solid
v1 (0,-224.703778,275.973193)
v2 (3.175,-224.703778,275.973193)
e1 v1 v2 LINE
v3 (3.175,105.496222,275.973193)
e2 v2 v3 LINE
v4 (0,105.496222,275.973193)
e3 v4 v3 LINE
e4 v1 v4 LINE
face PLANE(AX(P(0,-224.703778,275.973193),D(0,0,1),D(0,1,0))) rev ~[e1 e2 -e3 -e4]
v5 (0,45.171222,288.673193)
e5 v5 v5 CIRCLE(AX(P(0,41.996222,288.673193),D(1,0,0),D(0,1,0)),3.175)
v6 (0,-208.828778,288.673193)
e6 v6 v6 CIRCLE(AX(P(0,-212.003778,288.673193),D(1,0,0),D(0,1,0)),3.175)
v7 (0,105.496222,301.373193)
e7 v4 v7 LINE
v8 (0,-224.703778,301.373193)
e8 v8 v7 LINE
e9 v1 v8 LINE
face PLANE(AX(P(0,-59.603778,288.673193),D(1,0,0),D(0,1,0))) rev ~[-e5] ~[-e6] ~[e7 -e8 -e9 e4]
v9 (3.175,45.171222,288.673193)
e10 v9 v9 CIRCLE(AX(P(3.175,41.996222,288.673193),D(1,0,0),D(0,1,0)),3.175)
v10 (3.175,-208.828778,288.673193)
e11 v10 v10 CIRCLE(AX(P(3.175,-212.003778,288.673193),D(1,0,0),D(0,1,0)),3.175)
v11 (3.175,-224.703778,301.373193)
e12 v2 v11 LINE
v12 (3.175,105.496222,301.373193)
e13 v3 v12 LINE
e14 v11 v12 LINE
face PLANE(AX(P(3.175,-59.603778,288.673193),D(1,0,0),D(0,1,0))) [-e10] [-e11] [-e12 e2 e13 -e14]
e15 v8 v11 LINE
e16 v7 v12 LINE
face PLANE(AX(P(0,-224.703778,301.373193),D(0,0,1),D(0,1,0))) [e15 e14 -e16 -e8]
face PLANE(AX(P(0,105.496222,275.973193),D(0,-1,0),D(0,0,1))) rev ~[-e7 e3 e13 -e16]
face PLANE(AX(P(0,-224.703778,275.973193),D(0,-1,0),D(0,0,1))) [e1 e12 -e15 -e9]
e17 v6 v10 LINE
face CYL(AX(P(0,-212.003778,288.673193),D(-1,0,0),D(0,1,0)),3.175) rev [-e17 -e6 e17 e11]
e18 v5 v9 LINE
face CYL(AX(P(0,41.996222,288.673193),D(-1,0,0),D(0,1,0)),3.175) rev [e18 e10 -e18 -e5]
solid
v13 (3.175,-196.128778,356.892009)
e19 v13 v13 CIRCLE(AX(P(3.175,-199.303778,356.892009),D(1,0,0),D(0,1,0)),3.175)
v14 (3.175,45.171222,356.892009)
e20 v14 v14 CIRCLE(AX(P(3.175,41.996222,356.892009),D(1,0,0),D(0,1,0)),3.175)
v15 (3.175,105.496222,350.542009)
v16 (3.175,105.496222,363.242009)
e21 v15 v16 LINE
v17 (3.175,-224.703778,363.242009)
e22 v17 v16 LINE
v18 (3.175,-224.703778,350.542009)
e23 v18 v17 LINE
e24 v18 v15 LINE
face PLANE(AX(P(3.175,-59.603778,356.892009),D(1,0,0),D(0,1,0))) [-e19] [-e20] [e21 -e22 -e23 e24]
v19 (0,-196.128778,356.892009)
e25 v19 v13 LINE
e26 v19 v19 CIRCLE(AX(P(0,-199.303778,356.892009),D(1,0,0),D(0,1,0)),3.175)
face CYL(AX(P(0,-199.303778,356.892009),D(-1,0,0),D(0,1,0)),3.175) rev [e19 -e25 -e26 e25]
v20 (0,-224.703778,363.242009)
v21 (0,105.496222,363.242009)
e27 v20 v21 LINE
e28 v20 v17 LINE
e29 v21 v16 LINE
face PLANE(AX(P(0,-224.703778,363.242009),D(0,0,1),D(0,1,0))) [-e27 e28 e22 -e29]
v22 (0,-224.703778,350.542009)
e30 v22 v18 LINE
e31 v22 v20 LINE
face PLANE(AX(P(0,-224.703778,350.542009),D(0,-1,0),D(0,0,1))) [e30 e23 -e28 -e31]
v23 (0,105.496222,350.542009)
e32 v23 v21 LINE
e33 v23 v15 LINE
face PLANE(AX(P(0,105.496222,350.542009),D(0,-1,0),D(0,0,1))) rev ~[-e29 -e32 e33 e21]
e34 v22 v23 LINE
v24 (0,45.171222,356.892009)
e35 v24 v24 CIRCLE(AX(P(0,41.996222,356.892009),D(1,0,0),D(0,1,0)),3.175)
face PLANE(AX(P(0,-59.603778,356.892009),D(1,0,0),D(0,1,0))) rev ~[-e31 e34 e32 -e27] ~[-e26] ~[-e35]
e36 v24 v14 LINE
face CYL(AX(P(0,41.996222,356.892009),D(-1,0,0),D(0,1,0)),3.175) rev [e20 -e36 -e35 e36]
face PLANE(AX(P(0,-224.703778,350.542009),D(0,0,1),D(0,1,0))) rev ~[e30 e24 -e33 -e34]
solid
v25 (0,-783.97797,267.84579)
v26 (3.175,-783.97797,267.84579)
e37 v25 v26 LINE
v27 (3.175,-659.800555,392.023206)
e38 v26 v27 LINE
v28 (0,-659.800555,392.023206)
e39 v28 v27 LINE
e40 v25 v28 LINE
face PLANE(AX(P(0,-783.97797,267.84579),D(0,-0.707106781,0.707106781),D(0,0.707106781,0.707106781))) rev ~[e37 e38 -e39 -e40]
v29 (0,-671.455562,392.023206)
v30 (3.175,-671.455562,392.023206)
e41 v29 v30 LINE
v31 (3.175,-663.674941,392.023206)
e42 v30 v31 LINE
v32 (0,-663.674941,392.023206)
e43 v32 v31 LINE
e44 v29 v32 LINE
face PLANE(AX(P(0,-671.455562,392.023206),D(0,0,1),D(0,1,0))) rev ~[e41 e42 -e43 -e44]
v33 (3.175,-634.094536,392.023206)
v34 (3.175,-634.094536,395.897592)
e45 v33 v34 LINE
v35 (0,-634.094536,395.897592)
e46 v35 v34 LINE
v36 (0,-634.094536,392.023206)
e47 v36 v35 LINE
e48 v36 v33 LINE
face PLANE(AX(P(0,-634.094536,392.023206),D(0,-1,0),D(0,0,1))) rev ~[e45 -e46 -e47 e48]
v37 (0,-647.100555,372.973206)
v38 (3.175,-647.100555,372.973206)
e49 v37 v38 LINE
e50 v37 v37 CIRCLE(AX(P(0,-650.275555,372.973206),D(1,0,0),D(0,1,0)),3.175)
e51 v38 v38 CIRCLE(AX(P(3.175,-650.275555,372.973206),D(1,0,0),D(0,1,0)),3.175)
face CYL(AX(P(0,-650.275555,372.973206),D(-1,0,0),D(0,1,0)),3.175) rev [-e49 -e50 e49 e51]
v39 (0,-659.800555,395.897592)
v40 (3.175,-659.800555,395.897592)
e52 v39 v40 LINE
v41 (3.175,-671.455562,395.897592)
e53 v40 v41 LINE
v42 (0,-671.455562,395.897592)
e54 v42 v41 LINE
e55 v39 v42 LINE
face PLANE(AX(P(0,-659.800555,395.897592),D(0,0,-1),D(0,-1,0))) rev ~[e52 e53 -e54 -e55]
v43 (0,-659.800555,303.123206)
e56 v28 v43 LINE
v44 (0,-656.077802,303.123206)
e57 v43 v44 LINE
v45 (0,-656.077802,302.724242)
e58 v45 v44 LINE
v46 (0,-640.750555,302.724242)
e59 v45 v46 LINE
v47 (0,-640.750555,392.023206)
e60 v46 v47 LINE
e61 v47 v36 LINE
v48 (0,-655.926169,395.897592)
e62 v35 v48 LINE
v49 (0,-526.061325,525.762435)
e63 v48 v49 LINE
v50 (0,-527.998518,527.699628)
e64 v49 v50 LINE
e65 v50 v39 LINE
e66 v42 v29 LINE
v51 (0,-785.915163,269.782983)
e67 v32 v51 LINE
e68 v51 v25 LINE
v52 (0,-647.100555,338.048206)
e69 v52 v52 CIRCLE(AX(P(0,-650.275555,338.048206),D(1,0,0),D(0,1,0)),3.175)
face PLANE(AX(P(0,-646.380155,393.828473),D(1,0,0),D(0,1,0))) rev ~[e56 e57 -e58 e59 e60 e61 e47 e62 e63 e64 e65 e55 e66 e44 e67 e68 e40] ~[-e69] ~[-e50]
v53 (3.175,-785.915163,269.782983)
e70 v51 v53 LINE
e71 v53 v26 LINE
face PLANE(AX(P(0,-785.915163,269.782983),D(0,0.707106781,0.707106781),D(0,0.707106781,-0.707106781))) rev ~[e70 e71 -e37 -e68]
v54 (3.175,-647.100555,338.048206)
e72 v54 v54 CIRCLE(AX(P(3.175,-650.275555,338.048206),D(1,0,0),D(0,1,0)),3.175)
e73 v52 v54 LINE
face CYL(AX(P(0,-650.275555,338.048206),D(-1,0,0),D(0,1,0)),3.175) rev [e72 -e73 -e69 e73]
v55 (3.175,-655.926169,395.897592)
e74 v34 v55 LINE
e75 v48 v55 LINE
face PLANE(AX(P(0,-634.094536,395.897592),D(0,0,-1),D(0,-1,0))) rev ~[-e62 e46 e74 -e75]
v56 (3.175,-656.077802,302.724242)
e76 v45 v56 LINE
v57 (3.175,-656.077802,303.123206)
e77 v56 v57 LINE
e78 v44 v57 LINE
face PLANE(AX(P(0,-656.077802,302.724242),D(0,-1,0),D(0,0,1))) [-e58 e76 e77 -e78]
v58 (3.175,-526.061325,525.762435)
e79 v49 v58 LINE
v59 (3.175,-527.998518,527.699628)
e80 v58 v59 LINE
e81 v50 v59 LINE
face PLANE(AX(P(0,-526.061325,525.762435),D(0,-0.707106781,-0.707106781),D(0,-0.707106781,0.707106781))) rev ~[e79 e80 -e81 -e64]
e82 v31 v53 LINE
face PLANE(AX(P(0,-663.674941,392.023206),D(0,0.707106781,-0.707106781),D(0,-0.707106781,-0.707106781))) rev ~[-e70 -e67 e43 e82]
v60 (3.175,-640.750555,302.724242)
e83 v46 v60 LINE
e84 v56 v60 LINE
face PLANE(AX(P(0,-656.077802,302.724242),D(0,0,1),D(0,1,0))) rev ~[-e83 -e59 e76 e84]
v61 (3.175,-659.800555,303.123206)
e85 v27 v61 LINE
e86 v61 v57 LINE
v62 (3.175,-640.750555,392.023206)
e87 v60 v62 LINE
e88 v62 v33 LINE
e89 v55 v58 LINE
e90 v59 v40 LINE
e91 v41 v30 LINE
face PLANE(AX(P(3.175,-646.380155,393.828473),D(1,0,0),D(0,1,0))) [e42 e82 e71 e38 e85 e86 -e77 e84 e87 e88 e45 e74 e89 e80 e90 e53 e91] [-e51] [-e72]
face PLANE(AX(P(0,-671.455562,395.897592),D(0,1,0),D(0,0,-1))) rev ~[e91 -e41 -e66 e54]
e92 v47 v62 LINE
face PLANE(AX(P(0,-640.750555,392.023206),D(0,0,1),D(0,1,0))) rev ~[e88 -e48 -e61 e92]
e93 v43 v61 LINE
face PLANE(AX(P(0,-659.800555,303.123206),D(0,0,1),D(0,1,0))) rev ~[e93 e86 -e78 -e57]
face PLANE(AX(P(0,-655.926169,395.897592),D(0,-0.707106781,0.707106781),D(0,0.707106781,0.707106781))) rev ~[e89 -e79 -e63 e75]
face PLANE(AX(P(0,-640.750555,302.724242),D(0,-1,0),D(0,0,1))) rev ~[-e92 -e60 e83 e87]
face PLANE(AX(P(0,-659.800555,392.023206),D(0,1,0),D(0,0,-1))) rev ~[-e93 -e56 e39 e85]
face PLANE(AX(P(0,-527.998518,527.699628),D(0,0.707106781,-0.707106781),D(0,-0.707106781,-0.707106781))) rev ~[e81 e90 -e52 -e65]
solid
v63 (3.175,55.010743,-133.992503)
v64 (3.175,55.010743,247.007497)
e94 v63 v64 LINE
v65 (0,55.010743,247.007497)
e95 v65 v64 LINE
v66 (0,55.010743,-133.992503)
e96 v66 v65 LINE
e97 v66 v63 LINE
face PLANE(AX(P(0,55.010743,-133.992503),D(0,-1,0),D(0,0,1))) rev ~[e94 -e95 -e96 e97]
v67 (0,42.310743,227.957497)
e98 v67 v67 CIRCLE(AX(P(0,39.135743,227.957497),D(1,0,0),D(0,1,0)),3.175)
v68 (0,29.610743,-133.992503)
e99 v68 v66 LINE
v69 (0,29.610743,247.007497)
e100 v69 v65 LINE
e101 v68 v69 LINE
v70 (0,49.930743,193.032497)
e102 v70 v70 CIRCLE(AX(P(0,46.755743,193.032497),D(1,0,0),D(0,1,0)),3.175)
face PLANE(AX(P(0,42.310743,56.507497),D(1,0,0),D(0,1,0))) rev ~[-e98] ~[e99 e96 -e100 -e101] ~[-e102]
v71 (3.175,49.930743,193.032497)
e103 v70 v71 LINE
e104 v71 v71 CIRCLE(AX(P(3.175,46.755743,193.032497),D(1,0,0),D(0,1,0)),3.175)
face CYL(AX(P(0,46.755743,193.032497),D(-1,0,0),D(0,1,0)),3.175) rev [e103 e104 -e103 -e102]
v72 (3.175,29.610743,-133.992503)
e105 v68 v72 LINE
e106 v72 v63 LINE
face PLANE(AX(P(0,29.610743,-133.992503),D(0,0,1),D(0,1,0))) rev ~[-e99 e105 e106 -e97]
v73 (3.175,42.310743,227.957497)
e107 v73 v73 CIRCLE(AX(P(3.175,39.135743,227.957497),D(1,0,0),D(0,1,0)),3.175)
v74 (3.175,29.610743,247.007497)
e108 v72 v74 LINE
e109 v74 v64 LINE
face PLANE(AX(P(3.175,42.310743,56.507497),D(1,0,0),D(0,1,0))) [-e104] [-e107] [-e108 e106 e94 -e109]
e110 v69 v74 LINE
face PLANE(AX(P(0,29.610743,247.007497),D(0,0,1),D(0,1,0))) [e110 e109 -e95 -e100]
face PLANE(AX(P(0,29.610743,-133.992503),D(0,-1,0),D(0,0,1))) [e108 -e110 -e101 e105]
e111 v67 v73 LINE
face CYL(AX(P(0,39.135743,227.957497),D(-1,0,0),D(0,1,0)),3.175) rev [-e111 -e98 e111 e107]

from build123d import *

# Parameters (mm, degrees)
F0_W     = 25.4
F0_H     = 381
F0_R     = 3.175
F1_DEPTH = 3.175
F2_W     = 330.2
F2_H     = 25.4
F2_R     = 3.175
F3_DEPTH = 3.175
F2_H_2   = 12.7
F2_W_2   = 15.3272473817
F2_H_3   = 0.3989635468


with BuildPart() as f1:
    # F0 (on Right) → F1 (new body)
    with BuildSketch(Plane.YZ):
        with Locations((42.3107426614, 56.5074968708)):
            Rectangle(F0_W, F0_H)
        with Locations((39.1357426614, 227.9574968708)):
            Circle(F0_R, mode=Mode.SUBTRACT)
        with Locations((46.7557426614, 193.0324968708)):
            Circle(F0_R, mode=Mode.SUBTRACT)
    extrude(amount=F1_DEPTH)


with BuildPart() as f3:
    # F2 (on Right) → F3 (new body)
    with BuildSketch(Plane.YZ):
        with Locations((-59.6037783384, 288.6731931647)):
            Rectangle(F2_W, F2_H)
        with Locations((-212.0037783384, 288.6731931647)):
            Circle(F2_R, mode=Mode.SUBTRACT)
        with Locations((41.9962216616, 288.6731931647)):
            Circle(F2_R, mode=Mode.SUBTRACT)
    extrude(amount=F3_DEPTH)


with BuildPart() as f3b:
    # F2 (on Right) → F3, piece 2 (new body)
    with BuildSketch(Plane.YZ):
        with Locations((-59.6037783384, 356.8920088768)):
            Rectangle(F2_W, F2_H_2)
        with Locations((-199.3037783384, 356.8920088768)):
            Circle(F2_R, mode=Mode.SUBTRACT)
        with Locations((41.9962216616, 356.8920088768)):
            Circle(F2_R, mode=Mode.SUBTRACT)
    extrude(amount=F3_DEPTH)


with BuildPart() as f3c:
    # F2 (on Right) → F3, piece 3 (new body)
    with BuildSketch(Plane.YZ):
        Polygon((-655.9261690166, 395.89759154), (-659.8005547995, 392.0232057571), (-640.7505547995, 392.0232057571), (-634.0945363045, 392.0232057571), (-634.0945363045, 395.89759154), align=None)
        Polygon((-640.7505547995, 392.0232057571), (-659.8005547995, 392.0232057571), (-659.8005547995, 303.1232057571), (-656.0778021812, 303.1232057571), (-640.7505547995, 303.1232057571), align=None)
        with Locations((-650.2755547995, 338.0482057571)):
            Circle(F2_R, mode=Mode.SUBTRACT)
        with Locations((-650.2755547995, 372.9732057571)):
            Circle(F2_R, mode=Mode.SUBTRACT)
        Polygon((-783.9779704112, 267.8457901454), (-659.8005547995, 392.0232057571), (-663.6749405824, 392.0232057571), (-785.9151633027, 269.7829830368), align=None)
        Polygon((-663.6749405824, 392.0232057571), (-659.8005547995, 392.0232057571), (-659.8005547995, 395.89759154), align=None)
        Polygon((-659.8005547995, 395.89759154), (-659.8005547995, 392.0232057571), (-655.9261690166, 395.89759154), align=None)
        Polygon((-671.4555621147, 392.0232057571), (-663.6749405824, 392.0232057571), (-659.8005547995, 395.89759154), (-671.4555621147, 395.89759154), align=None)
        Polygon((-527.998517998, 527.6996283415), (-659.8005547995, 395.89759154), (-655.9261690166, 395.89759154), (-526.0613251066, 525.7624354501), align=None)
        with Locations((-648.4141784904, 302.9237239838)):
            Rectangle(F2_W_2, F2_H_3)
    extrude(amount=F3_DEPTH)


solid = Compound([f1.part, f3.part, f3b.part, f3c.part])
